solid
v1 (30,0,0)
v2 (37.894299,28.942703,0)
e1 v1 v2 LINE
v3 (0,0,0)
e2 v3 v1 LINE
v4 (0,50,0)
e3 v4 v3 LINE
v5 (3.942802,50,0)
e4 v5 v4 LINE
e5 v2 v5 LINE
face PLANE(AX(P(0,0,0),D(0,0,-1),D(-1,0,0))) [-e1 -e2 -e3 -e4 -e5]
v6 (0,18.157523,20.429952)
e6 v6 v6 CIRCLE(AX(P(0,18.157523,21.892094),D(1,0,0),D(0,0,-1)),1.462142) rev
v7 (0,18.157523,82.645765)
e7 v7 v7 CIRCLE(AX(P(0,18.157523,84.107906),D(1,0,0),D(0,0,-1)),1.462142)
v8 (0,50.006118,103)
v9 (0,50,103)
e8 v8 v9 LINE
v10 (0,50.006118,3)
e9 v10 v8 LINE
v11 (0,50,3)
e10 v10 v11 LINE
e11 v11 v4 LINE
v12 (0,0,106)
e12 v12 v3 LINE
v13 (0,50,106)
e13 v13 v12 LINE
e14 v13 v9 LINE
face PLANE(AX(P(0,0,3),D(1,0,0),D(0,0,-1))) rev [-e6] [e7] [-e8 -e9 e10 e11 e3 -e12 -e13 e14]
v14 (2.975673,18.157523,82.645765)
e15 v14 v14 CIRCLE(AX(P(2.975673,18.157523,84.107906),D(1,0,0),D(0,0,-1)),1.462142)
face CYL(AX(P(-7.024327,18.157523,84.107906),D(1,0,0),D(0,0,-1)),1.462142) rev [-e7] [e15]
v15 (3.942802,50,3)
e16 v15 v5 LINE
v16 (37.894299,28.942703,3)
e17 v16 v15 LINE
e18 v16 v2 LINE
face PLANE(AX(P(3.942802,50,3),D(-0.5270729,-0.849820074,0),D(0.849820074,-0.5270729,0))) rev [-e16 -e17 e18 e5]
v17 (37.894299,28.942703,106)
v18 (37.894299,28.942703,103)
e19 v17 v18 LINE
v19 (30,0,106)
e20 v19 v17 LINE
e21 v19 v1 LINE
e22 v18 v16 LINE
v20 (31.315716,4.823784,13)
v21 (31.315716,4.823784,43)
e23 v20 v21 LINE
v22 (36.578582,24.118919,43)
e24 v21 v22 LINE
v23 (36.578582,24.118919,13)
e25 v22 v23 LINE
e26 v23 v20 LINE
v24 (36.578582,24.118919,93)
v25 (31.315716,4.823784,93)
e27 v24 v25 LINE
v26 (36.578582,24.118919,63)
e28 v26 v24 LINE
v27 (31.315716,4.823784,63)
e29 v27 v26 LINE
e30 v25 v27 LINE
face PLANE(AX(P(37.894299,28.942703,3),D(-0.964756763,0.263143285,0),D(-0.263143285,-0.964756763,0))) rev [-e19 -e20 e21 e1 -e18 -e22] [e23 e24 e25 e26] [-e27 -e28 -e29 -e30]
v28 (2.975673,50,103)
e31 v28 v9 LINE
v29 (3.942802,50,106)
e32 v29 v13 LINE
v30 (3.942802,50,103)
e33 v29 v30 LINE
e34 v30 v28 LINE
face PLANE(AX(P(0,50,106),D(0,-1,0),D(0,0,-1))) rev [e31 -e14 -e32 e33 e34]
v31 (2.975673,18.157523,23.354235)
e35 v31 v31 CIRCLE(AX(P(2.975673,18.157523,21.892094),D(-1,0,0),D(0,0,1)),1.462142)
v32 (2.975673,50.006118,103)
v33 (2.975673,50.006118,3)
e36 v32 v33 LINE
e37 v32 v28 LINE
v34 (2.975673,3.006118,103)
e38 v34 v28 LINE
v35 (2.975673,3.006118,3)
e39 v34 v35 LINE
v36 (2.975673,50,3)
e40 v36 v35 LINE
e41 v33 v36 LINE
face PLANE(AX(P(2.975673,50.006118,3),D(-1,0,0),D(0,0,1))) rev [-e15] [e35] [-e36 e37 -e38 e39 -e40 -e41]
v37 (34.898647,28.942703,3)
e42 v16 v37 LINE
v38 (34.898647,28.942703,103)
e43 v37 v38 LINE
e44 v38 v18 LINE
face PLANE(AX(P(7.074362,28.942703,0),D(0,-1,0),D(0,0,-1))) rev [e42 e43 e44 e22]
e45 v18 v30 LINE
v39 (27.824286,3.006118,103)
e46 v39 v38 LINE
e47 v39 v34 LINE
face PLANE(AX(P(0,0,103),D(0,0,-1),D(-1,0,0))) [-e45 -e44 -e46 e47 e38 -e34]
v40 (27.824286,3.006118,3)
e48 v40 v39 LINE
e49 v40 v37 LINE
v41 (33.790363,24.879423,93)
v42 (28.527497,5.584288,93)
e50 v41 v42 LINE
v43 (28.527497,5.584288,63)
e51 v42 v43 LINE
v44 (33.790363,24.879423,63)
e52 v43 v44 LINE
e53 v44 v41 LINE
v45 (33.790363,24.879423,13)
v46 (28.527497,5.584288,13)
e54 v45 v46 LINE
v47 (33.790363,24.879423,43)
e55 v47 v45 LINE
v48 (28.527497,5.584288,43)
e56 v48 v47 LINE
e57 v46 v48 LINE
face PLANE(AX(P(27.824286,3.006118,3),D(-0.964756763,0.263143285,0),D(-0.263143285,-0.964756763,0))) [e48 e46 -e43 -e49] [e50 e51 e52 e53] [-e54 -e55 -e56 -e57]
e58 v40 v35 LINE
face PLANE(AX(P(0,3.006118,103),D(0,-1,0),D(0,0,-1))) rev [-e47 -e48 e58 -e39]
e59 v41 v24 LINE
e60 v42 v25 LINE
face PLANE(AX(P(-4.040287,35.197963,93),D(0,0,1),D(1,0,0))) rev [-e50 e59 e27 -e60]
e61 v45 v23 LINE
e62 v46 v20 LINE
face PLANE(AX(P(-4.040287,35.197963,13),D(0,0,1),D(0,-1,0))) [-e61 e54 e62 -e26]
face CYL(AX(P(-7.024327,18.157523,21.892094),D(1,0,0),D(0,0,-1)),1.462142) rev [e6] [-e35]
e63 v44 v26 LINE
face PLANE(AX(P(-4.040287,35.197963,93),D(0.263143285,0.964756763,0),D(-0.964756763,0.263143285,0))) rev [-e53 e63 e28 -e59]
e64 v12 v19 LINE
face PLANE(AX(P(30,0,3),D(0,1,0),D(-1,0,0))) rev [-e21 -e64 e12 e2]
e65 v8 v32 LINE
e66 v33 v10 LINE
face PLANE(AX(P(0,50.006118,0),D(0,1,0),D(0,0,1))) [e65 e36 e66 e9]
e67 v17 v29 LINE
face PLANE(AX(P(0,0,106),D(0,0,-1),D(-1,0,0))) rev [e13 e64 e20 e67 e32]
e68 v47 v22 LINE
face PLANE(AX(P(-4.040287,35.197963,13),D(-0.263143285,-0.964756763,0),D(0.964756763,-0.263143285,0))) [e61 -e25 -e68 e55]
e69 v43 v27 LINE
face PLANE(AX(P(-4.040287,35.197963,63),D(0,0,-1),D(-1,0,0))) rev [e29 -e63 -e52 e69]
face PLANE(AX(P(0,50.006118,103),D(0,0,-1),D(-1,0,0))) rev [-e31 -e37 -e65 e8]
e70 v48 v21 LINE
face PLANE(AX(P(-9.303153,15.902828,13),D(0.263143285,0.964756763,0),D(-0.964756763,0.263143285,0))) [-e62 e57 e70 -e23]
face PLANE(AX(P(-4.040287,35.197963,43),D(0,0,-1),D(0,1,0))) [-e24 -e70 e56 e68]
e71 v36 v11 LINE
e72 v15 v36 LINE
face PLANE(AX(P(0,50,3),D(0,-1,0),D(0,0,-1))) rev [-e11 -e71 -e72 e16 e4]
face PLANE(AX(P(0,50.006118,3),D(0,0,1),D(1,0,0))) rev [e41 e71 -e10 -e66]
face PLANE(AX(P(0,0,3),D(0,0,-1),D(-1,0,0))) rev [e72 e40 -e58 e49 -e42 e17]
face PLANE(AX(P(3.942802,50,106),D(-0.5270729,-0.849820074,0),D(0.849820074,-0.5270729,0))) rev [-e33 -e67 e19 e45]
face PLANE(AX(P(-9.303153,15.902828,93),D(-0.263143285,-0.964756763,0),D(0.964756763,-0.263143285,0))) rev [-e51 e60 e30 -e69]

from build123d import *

# Parameters (mm, degrees)
BOSS_EXTRU_1_DEPTH         = 3
BOSS_EXTRU_2_DEPTH         = 100
R_P_TITION_LIN_AIRE1_COUNT = 2
R_P_TITION_LIN_AIRE1_PITCH = 103
ESQUISSE5_W                = 2.97567345
ESQUISSE5_H                = 100
BOSS_EXTRU_3_DEPTH         = 47
ESQUISSE6_W                = 2.99565123
ESQUISSE6_H                = 100
ENL_V_MAT_EXTRU_1_REACH    = 125.839
ESQUISSE7_W                = 30
ESQUISSE7_H                = 20
ESQUISSE9_R                = 1.462141601
ENL_V_MAT_EXTRU_8_DEPTH    = 10


with BuildPart() as part:
    # Esquisse2 → Boss.-Extru.1 (new body)
    with BuildSketch(Plane.XY):
        Polygon((0, 0), (0, 50), (3.942801894, 50), (37.89429856, 28.942702884), (30, 0), align=None)
    boss_extru_1 = extrude(amount=BOSS_EXTRU_1_DEPTH)

    # Esquisse4 → Boss.-Extru.2 (add)
    with BuildSketch(Plane.XY.offset(3)):
        Polygon((0, 0), (0, 3.006117571), (30.819936884, 3.006117571), (30, 0), align=None)
    extrude(amount=BOSS_EXTRU_2_DEPTH)

    # Répétition linéaire1: Boss.-Extru.1 ×2
    with Locations(*[(0, 0, i * R_P_TITION_LIN_AIRE1_PITCH) for i in range(1, R_P_TITION_LIN_AIRE1_COUNT)]):
        add(boss_extru_1)

    # Esquisse5 → Boss.-Extru.3 (add)
    with BuildSketch(Plane(origin=(0, 3.006117571, 0), x_dir=(1, 0, 0), z_dir=(0, 1, 0))):
        with Locations((1.487836725, -53)):
            Rectangle(ESQUISSE5_W, ESQUISSE5_H)
    extrude(amount=BOSS_EXTRU_3_DEPTH)

    # Balayage1: sweep along a curve in space
    with BuildLine() as balayage1_path:
        Line((30.819936884, 3.006117571, 103), (37.89429856, 28.942702884, 103))
    # Esquisse6 → Balayage1 (sweep)
    with BuildSketch(Plane(origin=(0, 3.006117571, 0), x_dir=(1, 0, 0), z_dir=(0, 1, 0))):
        with Locations((29.322111269, -53)):
            Rectangle(ESQUISSE6_W, ESQUISSE6_H)
    sweep(path=balayage1_path.line)

    # Esquisse7 → Enlèv. mat.-Extru.1 (cut, up to next)
    with BuildSketch(Plane(origin=(27.922668341, -7.616077924, 0), x_dir=(0, 0, -1), z_dir=(0.9647567628041306, -0.2631432853479158, 0)), mode=Mode.PRIVATE) as enl_v_mat_extru_1_sk1:
        with Locations((-78, 22.89429856)):
            Rectangle(ESQUISSE7_W, ESQUISSE7_H)
    enl_v_mat_extru_1_tool1 = extrude(enl_v_mat_extru_1_sk1.sketch, amount=-ENL_V_MAT_EXTRU_1_REACH, mode=Mode.PRIVATE) & part.part
    enl_v_mat_extru_1 = enl_v_mat_extru_1_tool1.solids().sort_by_distance((33.947149, 14.471351, 78))[0]
    add(enl_v_mat_extru_1, mode=Mode.SUBTRACT)

    # Symétrie1: Enlèv. mat.-Extru.1 across plane
    add(enl_v_mat_extru_1.mirror(Plane.XY.offset(53)), mode=Mode.SUBTRACT)

    # Esquisse9 → Enlèv. mat.-Extru.8 (cut)
    with BuildSketch(Plane(origin=(2.97567345, 0, 0), x_dir=(0, 0, -1), z_dir=(1, 0, 0))):
        with Locations((-84.107906361, 18.157522719)):
            Circle(ESQUISSE9_R)
    enl_v_mat_extru_8 = extrude(amount=-ENL_V_MAT_EXTRU_8_DEPTH, mode=Mode.SUBTRACT)

    # Symétrie3: Enlèv. mat.-Extru.8 across plane
    add(enl_v_mat_extru_8.mirror(Plane.XY.offset(53)), mode=Mode.SUBTRACT)


solid = part.part
